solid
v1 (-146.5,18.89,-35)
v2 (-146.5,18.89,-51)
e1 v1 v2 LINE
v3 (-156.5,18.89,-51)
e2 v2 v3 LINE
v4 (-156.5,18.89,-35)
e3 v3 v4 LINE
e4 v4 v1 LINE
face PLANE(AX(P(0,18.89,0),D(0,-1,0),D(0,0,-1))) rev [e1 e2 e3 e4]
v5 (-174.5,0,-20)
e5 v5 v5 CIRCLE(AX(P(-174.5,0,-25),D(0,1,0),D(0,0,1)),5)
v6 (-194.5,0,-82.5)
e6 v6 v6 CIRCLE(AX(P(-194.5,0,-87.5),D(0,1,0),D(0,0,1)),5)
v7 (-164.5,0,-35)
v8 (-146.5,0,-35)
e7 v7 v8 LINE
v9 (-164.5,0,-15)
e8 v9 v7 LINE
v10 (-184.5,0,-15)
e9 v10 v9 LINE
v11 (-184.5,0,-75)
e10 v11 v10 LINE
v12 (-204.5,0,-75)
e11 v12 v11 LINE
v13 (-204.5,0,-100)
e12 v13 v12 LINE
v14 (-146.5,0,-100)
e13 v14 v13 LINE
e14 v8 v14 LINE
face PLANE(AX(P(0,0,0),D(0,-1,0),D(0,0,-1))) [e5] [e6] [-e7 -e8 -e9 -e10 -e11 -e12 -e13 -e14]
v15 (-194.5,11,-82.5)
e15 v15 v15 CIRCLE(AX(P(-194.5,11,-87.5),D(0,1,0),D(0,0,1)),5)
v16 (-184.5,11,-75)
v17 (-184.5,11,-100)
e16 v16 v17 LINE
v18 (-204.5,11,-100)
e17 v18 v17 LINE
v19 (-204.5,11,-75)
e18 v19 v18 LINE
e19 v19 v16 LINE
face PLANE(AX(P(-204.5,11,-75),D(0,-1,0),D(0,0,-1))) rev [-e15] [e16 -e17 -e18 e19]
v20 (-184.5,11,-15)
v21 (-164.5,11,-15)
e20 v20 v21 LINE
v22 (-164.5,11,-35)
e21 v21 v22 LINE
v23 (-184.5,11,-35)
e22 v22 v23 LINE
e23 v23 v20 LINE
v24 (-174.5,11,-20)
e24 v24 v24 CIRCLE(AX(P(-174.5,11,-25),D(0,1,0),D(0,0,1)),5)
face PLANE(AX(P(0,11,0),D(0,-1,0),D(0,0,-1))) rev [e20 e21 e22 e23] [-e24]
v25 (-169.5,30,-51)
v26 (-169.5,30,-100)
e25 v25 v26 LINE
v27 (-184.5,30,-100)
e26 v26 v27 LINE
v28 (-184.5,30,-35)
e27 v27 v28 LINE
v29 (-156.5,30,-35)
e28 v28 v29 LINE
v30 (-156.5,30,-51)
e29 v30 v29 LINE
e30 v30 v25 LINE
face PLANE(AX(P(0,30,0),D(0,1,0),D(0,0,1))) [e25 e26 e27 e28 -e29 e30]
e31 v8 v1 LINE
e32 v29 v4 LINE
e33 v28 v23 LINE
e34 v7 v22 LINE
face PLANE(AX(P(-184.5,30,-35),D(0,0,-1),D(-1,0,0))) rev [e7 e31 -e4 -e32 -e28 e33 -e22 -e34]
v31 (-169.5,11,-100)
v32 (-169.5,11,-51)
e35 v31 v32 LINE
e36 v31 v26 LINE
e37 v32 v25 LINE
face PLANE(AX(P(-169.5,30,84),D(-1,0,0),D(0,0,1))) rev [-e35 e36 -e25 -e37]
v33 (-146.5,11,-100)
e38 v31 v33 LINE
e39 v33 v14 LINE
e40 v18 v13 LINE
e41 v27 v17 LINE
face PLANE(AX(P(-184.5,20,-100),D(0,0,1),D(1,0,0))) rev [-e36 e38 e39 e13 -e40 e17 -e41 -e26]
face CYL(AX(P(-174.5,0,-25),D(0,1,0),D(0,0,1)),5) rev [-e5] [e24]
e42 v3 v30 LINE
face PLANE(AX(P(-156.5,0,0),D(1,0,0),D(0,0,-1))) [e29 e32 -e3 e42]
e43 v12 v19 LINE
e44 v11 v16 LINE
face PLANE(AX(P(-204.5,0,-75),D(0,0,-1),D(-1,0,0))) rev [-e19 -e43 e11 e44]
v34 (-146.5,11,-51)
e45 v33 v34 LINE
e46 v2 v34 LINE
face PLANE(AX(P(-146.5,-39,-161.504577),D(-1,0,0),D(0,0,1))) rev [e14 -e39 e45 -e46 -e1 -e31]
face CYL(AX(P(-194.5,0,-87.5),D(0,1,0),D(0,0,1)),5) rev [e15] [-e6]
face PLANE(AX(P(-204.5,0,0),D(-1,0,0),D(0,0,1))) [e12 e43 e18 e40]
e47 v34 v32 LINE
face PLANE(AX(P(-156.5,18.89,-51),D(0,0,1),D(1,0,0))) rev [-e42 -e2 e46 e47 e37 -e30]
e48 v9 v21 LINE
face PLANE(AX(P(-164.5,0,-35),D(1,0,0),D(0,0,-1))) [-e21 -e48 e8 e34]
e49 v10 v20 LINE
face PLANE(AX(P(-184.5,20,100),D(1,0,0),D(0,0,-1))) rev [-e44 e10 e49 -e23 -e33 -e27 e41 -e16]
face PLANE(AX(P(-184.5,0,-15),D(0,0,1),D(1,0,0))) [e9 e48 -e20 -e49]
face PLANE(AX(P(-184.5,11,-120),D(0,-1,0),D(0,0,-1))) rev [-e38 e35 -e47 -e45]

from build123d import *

# Parameters (mm, degrees)
SKETCH1_W                   = 369
SKETCH1_H                   = 200
BOSS_EXTRUDE1_DEPTH         = 20
SKETCH2_W                   = 129
SKETCH2_H                   = 16
BOSS_EXTRUDE2_DEPTH         = 10
SKETCH3_W                   = 342
SKETCH3_H                   = 168
CUT_EXTRUDE1_DEPTH          = 9
SKETCH4_W                   = 100
SKETCH4_H                   = 10
BOSS_EXTRUDE3_DEPTH         = 60
CUT_EXTRUDE3_DEPTH          = 10
CUT_EXTRUDE3_DEPTH_BACK     = 60
SKETCH10_W                  = 404
SKETCH10_H                  = 324.796202869
CUT_EXTRUDE4_DEPTH          = 69
CUT_EXTRUDE7_DEPTH          = 274.752168941
CUT_EXTRUDE7_DEPTH_BACK     = 274.752168941
SKETCH14_W                  = 37
SKETCH14_H                  = 34.717467541
SKETCH12_W                  = 50
SKETCH12_H                  = 11
BOSS_EXTRUDE6_DEPTH         = 20
SKETCH13_R                  = 4
CUT_EXTRUDE6_DEPTH          = 229.43215623
CORTAR_EXTRUIR4_DEPTH       = 220
CROQUIS5_W                  = 20
CROQUIS5_H                  = 11
SALIENTE_EXTRUIR2_DEPTH     = 10
CROQUIS6_W                  = 20
CROQUIS6_H                  = 11
SALIENTE_EXTRUIR3_DEPTH     = 20
CROQUIS8_R                  = 5
CORTAR_EXTRUIR5_DEPTH       = 48
CROQUIS9_W                  = 38
CROQUIS9_H                  = 65
CORTAR_EXTRUIR6_DEPTH       = 85
CROQUIS10_W                 = 10
CROQUIS10_H                 = 16
SALIENTE_EXTRUIR4_DEPTH     = 7.89
CROQUIS11_W                 = 16
CROQUIS11_H                 = 19
SALIENTE_EXTRUIR5_DEPTH     = 13
CORTAR_EXTRUIR10_DEPTH      = 36.9
CORTAR_EXTRUIR10_DEPTH_BACK = 7.894953
CROQUIS12_W                 = 18
CROQUIS12_H                 = 16
CROQUIS13_W                 = 5
CROQUIS13_H                 = 16
CORTAR_EXTRUIR11_DEPTH      = 19
CROQUIS14_W                 = 25
CROQUIS14_H                 = 11
SALIENTE_EXTRUIR6_DEPTH     = 20
CROQUIS15_W                 = 20
CROQUIS15_H                 = 25
CORTAR_EXTRUIR12_DEPTH      = 238.868135739
CROQUIS16_R                 = 5
CORTAR_EXTRUIR13_DEPTH      = 238.868135739
CROQUIS17_W                 = 20
CROQUIS17_H                 = 20
SALIENTE_EXTRUIR7_DEPTH     = 11
CROQUIS18_W                 = 20
CROQUIS18_H                 = 20
CORTAR_EXTRUIR14_DEPTH      = 238.868135739
CROQUIS19_R                 = 5
CORTAR_EXTRUIR15_DEPTH      = 229.43215623


with BuildPart() as part:
    # Sketch1 → Boss-Extrude1 (new body)
    with BuildSketch(Plane(origin=(0, 0, 0), x_dir=(1, 0, 0), z_dir=(0, 1, 0))):
        Rectangle(SKETCH1_W, SKETCH1_H)
    extrude(amount=BOSS_EXTRUDE1_DEPTH)

    # Sketch2 → Boss-Extrude2 (add)
    with BuildSketch(Plane(origin=(0, 20, 0), x_dir=(1, 0, 0), z_dir=(0, 1, 0))):
        Polygon((-184.5, -100), (-169.5, -100), (-119.5, -100), (-119.5, -84), (-169.5, -84), (-169.5, -35), (-184.5, -35), align=None)
        Polygon((-184.5, 100), (-169.5, 100), (-119.5, 100), (-119.5, 84), (-169.5, 84), (-169.5, 35), (-184.5, 35), align=None)
        with Locations((20, -92)):
            Rectangle(SKETCH2_W, SKETCH2_H)
        with Locations((20, 92)):
            Rectangle(SKETCH2_W, SKETCH2_H)
    extrude(amount=BOSS_EXTRUDE2_DEPTH)

    # Sketch3 → Cut-Extrude1 (cut)
    with BuildSketch(Plane(origin=(0, 20, 0), x_dir=(1, 0, 0), z_dir=(0, 1, 0))):
        with Locations((1.5, 0)):
            Rectangle(SKETCH3_W, SKETCH3_H)
    extrude(amount=-CUT_EXTRUDE1_DEPTH, mode=Mode.SUBTRACT)

    # Sketch4 → Boss-Extrude3 (add)
    with BuildSketch(Plane(origin=(0, 0, -100), x_dir=(-1, 0, 0), z_dir=(0, 0, -1))):
        with Locations((-19.5, 25)):
            Rectangle(SKETCH4_W, SKETCH4_H)
    extrude(amount=BOSS_EXTRUDE3_DEPTH)

    # Sketch6 → Cut-Extrude3 (cut, two sides: drawn at the far end of the back side and taken through both)
    with BuildSketch(Plane.XY.offset(-84).offset(-CUT_EXTRUDE3_DEPTH_BACK)):
        with BuildLine():
            Line((-24.5, 30), (-26.030765637, 28.081051534))
            ThreePointArc((-26.030765637, 28.081051534), (-26.158442873, 26.948989892), (-25.193843525, 26.342843758))
            Line((-25.193843525, 26.342843758), (-15.806155854, 26.342843758))
            ThreePointArc((-15.806155854, 26.342843758), (-14.841556992, 26.948990172), (-14.969234363, 28.081051534))
            Line((-14.969234363, 28.081051534), (-16.5, 30))
            Line((-16.5, 30), (-24.5, 30))
        make_face()
        with BuildLine():
            Line((56.5, 30), (54.981983491, 27.801494438))
            ThreePointArc((54.981983491, 27.801494438), (54.9192914, 26.767046688), (55.80615587, 26.230871478))
            Line((55.80615587, 26.230871478), (65.193843541, 26.230871478))
            ThreePointArc((65.193843541, 26.230871478), (66.080708464, 26.767046428), (66.018016509, 27.801494438))
            Line((66.018016509, 27.801494438), (64.5, 30))
            Line((64.5, 30), (56.5, 30))
        make_face()
    extrude(amount=CUT_EXTRUDE3_DEPTH + CUT_EXTRUDE3_DEPTH_BACK, mode=Mode.SUBTRACT)

    # Sketch10 → Cut-Extrude4 (cut)
    with BuildSketch(Plane(origin=(0, 30, 0), x_dir=(1, 0, 0), z_dir=(0, 1, 0))):
        with Locations((55.5, -0.89352463)):
            Rectangle(SKETCH10_W, SKETCH10_H)
    extrude(amount=-CUT_EXTRUDE4_DEPTH, mode=Mode.SUBTRACT)

    # Sketch14 → Cut-Extrude7 (cut, two sides: drawn at the far end of the back side and taken through both)
    with BuildSketch(Plane(origin=(0, 0, -100), x_dir=(-1, 0, 0), z_dir=(0, 0, -1)).offset(-CUT_EXTRUDE7_DEPTH_BACK)):
        with Locations((138, 36.253686327)):
            Rectangle(SKETCH14_W, SKETCH14_H)
    extrude(amount=CUT_EXTRUDE7_DEPTH + CUT_EXTRUDE7_DEPTH_BACK, mode=Mode.SUBTRACT)

    # Sketch12 → Boss-Extrude6 (add)
    with BuildSketch(Plane.ZY.offset(184.5)):
        with Locations((-25, 5.5)):
            Rectangle(SKETCH12_W, SKETCH12_H)
    extrude(amount=BOSS_EXTRUDE6_DEPTH)

    # Sketch13 → Cut-Extrude6 (cut, through all)
    with BuildSketch(Plane(origin=(0, 11, 0), x_dir=(1, 0, 0), z_dir=(0, 1, 0))):
        with Locations(Location((-194.5, 25, 0), (0, 0, 270))):
            Circle(SKETCH13_R)
    extrude(amount=-CUT_EXTRUDE6_DEPTH, mode=Mode.SUBTRACT)

    # Croquis3 → Cortar-Extruir4 (cut)
    with BuildSketch(Plane(origin=(0, 30, 0), x_dir=(1, 0, 0), z_dir=(0, 1, 0))):
        Polygon((-169.5, -35), (-146.5, -35), (-146.5, 0), (-146.5, 35), (-204.5, 35), (-204.5, 0), (-204.5, -35), (-184.5, -35), align=None)
    extrude(amount=-CORTAR_EXTRUIR4_DEPTH, mode=Mode.SUBTRACT)


with BuildPart() as cortar_extruir4_piece_1:
    # of the separate pieces the step leaves, piece 1, a body of its own (cortar_extruir4_pieces)
    add(part.part.solids().sort_by_distance((-184.5, 30, -100))[0])

    # Croquis5 → Saliente-Extruir2 (add)
    with BuildSketch(Plane(origin=(0, 0, -50), x_dir=(-1, 0, 0), z_dir=(0, 0, -1))):
        with Locations((194.5, 5.5)):
            Rectangle(CROQUIS5_W, CROQUIS5_H)
    extrude(amount=SALIENTE_EXTRUIR2_DEPTH)

    # Croquis6 → Saliente-Extruir3 (add)
    with BuildSketch(Plane(origin=(0, 0, -100), x_dir=(-1, 0, 0), z_dir=(0, 0, -1))):
        with Locations((174.5, 5.5)):
            Rectangle(CROQUIS6_W, CROQUIS6_H)
    extrude(amount=SALIENTE_EXTRUIR3_DEPTH)

    # Croquis8 → Cortar-Extruir5 (cut)
    with BuildSketch(Plane(origin=(0, 11, 0), x_dir=(1, 0, 0), z_dir=(0, 1, 0))):
        with Locations(Location((-194.5, 47.5, 0), (0, 0, 270))):
            Circle(CROQUIS8_R)
        with Locations((-194.5, -47.5)):
            Circle(CROQUIS8_R)
        with Locations((-174.5, -110)):
            Circle(CROQUIS8_R)
        with Locations(Location((-174.5, 110, 0), (0, 0, 270))):
            Circle(CROQUIS8_R)
    extrude(amount=-CORTAR_EXTRUIR5_DEPTH, mode=Mode.SUBTRACT)

    # Croquis10 → Saliente-Extruir4 (add)
    with BuildSketch(Plane(origin=(0, 11, 0), x_dir=(1, 0, 0), z_dir=(0, 1, 0))):
        with Locations((-151.5, 43)):
            Rectangle(CROQUIS10_W, CROQUIS10_H)
    extrude(amount=SALIENTE_EXTRUIR4_DEPTH)

    # Croquis11 → Saliente-Extruir5 (add)
    with BuildSketch(Plane(origin=(-169.5, 0, 0), x_dir=(0, 0, -1), z_dir=(1, 0, 0))):
        with Locations((43, 20.5)):
            Rectangle(CROQUIS11_W, CROQUIS11_H)
    extrude(amount=SALIENTE_EXTRUIR5_DEPTH)

    # Croquis12 → Cortar-Extruir10 (cut, two sides: drawn at the far end of the back side and taken through both)
    with BuildSketch(Plane(origin=(0, 18.894952557, 0), x_dir=(1, 0, 0), z_dir=(0, 1, 0)).offset(-CORTAR_EXTRUIR10_DEPTH_BACK)):
        with Locations((-155.5, 92)):
            Rectangle(CROQUIS12_W, CROQUIS12_H)
    extrude(amount=CORTAR_EXTRUIR10_DEPTH + CORTAR_EXTRUIR10_DEPTH_BACK, mode=Mode.SUBTRACT)

    # Croquis13 → Cortar-Extruir11 (cut)
    with BuildSketch(Plane(origin=(0, 30, 0), x_dir=(1, 0, 0), z_dir=(0, 1, 0))):
        with Locations((-167, 92)):
            Rectangle(CROQUIS13_W, CROQUIS13_H)
    extrude(amount=-CORTAR_EXTRUIR11_DEPTH, mode=Mode.SUBTRACT)

    # Croquis14 → Saliente-Extruir6 (add)
    with BuildSketch(Plane.ZY.offset(184.5)):
        with Locations((-87.5, 5.5)):
            Rectangle(CROQUIS14_W, CROQUIS14_H)
    extrude(amount=SALIENTE_EXTRUIR6_DEPTH)

    # Croquis15 → Cortar-Extruir12 (cut, through all)
    with BuildSketch(Plane(origin=(0, 11, 0), x_dir=(1, 0, 0), z_dir=(0, 1, 0))):
        with Locations((-194.5, 47.5)):
            Rectangle(CROQUIS15_W, CROQUIS15_H)
    extrude(amount=-CORTAR_EXTRUIR12_DEPTH, mode=Mode.SUBTRACT)

    # Croquis16 → Cortar-Extruir13 (cut, through all)
    with BuildSketch(Plane(origin=(0, 11, 0), x_dir=(1, 0, 0), z_dir=(0, 1, 0))):
        with Locations(Location((-194.5, 87.5, 0), (0, 0, 270))):
            Circle(CROQUIS16_R)
    extrude(amount=-CORTAR_EXTRUIR13_DEPTH, mode=Mode.SUBTRACT)

    # Croquis17 → Saliente-Extruir7 (add)
    with BuildSketch(Plane(origin=(0, 11, 0), x_dir=(1, 0, 0), z_dir=(0, 1, 0))):
        with Locations((-174.5, 25)):
            Rectangle(CROQUIS17_W, CROQUIS17_H)
    extrude(amount=-SALIENTE_EXTRUIR7_DEPTH)

    # Croquis18 → Cortar-Extruir14 (cut, through all)
    with BuildSketch(Plane(origin=(0, 11, 0), x_dir=(1, 0, 0), z_dir=(0, 1, 0))):
        with Locations((-174.5, 110)):
            Rectangle(CROQUIS18_W, CROQUIS18_H)
    extrude(amount=-CORTAR_EXTRUIR14_DEPTH, mode=Mode.SUBTRACT)

    # Croquis19 → Cortar-Extruir15 (cut, through all)
    with BuildSketch(Plane(origin=(0, 11, 0), x_dir=(1, 0, 0), z_dir=(0, 1, 0))):
        with Locations(Location((-174.5, 25, 0), (0, 0, 270))):
            Circle(CROQUIS19_R)
    extrude(amount=-CORTAR_EXTRUIR15_DEPTH, mode=Mode.SUBTRACT)


with BuildPart() as cortar_extruir4_piece_2:
    # of the separate pieces the step leaves, piece 2, a body of its own (cortar_extruir4_pieces)
    add(part.part.solids().sort_by_distance((-184.5, 30, 100))[0])

    # Croquis9 → Cortar-Extruir6 (cut)
    with BuildSketch(Plane(origin=(0, 30, 0), x_dir=(1, 0, 0), z_dir=(0, 1, 0))):
        with Locations((-165.5, -67.5)):
            Rectangle(CROQUIS9_W, CROQUIS9_H)
    extrude(amount=-CORTAR_EXTRUIR6_DEPTH, mode=Mode.SUBTRACT)


solid = cortar_extruir4_piece_1.part
